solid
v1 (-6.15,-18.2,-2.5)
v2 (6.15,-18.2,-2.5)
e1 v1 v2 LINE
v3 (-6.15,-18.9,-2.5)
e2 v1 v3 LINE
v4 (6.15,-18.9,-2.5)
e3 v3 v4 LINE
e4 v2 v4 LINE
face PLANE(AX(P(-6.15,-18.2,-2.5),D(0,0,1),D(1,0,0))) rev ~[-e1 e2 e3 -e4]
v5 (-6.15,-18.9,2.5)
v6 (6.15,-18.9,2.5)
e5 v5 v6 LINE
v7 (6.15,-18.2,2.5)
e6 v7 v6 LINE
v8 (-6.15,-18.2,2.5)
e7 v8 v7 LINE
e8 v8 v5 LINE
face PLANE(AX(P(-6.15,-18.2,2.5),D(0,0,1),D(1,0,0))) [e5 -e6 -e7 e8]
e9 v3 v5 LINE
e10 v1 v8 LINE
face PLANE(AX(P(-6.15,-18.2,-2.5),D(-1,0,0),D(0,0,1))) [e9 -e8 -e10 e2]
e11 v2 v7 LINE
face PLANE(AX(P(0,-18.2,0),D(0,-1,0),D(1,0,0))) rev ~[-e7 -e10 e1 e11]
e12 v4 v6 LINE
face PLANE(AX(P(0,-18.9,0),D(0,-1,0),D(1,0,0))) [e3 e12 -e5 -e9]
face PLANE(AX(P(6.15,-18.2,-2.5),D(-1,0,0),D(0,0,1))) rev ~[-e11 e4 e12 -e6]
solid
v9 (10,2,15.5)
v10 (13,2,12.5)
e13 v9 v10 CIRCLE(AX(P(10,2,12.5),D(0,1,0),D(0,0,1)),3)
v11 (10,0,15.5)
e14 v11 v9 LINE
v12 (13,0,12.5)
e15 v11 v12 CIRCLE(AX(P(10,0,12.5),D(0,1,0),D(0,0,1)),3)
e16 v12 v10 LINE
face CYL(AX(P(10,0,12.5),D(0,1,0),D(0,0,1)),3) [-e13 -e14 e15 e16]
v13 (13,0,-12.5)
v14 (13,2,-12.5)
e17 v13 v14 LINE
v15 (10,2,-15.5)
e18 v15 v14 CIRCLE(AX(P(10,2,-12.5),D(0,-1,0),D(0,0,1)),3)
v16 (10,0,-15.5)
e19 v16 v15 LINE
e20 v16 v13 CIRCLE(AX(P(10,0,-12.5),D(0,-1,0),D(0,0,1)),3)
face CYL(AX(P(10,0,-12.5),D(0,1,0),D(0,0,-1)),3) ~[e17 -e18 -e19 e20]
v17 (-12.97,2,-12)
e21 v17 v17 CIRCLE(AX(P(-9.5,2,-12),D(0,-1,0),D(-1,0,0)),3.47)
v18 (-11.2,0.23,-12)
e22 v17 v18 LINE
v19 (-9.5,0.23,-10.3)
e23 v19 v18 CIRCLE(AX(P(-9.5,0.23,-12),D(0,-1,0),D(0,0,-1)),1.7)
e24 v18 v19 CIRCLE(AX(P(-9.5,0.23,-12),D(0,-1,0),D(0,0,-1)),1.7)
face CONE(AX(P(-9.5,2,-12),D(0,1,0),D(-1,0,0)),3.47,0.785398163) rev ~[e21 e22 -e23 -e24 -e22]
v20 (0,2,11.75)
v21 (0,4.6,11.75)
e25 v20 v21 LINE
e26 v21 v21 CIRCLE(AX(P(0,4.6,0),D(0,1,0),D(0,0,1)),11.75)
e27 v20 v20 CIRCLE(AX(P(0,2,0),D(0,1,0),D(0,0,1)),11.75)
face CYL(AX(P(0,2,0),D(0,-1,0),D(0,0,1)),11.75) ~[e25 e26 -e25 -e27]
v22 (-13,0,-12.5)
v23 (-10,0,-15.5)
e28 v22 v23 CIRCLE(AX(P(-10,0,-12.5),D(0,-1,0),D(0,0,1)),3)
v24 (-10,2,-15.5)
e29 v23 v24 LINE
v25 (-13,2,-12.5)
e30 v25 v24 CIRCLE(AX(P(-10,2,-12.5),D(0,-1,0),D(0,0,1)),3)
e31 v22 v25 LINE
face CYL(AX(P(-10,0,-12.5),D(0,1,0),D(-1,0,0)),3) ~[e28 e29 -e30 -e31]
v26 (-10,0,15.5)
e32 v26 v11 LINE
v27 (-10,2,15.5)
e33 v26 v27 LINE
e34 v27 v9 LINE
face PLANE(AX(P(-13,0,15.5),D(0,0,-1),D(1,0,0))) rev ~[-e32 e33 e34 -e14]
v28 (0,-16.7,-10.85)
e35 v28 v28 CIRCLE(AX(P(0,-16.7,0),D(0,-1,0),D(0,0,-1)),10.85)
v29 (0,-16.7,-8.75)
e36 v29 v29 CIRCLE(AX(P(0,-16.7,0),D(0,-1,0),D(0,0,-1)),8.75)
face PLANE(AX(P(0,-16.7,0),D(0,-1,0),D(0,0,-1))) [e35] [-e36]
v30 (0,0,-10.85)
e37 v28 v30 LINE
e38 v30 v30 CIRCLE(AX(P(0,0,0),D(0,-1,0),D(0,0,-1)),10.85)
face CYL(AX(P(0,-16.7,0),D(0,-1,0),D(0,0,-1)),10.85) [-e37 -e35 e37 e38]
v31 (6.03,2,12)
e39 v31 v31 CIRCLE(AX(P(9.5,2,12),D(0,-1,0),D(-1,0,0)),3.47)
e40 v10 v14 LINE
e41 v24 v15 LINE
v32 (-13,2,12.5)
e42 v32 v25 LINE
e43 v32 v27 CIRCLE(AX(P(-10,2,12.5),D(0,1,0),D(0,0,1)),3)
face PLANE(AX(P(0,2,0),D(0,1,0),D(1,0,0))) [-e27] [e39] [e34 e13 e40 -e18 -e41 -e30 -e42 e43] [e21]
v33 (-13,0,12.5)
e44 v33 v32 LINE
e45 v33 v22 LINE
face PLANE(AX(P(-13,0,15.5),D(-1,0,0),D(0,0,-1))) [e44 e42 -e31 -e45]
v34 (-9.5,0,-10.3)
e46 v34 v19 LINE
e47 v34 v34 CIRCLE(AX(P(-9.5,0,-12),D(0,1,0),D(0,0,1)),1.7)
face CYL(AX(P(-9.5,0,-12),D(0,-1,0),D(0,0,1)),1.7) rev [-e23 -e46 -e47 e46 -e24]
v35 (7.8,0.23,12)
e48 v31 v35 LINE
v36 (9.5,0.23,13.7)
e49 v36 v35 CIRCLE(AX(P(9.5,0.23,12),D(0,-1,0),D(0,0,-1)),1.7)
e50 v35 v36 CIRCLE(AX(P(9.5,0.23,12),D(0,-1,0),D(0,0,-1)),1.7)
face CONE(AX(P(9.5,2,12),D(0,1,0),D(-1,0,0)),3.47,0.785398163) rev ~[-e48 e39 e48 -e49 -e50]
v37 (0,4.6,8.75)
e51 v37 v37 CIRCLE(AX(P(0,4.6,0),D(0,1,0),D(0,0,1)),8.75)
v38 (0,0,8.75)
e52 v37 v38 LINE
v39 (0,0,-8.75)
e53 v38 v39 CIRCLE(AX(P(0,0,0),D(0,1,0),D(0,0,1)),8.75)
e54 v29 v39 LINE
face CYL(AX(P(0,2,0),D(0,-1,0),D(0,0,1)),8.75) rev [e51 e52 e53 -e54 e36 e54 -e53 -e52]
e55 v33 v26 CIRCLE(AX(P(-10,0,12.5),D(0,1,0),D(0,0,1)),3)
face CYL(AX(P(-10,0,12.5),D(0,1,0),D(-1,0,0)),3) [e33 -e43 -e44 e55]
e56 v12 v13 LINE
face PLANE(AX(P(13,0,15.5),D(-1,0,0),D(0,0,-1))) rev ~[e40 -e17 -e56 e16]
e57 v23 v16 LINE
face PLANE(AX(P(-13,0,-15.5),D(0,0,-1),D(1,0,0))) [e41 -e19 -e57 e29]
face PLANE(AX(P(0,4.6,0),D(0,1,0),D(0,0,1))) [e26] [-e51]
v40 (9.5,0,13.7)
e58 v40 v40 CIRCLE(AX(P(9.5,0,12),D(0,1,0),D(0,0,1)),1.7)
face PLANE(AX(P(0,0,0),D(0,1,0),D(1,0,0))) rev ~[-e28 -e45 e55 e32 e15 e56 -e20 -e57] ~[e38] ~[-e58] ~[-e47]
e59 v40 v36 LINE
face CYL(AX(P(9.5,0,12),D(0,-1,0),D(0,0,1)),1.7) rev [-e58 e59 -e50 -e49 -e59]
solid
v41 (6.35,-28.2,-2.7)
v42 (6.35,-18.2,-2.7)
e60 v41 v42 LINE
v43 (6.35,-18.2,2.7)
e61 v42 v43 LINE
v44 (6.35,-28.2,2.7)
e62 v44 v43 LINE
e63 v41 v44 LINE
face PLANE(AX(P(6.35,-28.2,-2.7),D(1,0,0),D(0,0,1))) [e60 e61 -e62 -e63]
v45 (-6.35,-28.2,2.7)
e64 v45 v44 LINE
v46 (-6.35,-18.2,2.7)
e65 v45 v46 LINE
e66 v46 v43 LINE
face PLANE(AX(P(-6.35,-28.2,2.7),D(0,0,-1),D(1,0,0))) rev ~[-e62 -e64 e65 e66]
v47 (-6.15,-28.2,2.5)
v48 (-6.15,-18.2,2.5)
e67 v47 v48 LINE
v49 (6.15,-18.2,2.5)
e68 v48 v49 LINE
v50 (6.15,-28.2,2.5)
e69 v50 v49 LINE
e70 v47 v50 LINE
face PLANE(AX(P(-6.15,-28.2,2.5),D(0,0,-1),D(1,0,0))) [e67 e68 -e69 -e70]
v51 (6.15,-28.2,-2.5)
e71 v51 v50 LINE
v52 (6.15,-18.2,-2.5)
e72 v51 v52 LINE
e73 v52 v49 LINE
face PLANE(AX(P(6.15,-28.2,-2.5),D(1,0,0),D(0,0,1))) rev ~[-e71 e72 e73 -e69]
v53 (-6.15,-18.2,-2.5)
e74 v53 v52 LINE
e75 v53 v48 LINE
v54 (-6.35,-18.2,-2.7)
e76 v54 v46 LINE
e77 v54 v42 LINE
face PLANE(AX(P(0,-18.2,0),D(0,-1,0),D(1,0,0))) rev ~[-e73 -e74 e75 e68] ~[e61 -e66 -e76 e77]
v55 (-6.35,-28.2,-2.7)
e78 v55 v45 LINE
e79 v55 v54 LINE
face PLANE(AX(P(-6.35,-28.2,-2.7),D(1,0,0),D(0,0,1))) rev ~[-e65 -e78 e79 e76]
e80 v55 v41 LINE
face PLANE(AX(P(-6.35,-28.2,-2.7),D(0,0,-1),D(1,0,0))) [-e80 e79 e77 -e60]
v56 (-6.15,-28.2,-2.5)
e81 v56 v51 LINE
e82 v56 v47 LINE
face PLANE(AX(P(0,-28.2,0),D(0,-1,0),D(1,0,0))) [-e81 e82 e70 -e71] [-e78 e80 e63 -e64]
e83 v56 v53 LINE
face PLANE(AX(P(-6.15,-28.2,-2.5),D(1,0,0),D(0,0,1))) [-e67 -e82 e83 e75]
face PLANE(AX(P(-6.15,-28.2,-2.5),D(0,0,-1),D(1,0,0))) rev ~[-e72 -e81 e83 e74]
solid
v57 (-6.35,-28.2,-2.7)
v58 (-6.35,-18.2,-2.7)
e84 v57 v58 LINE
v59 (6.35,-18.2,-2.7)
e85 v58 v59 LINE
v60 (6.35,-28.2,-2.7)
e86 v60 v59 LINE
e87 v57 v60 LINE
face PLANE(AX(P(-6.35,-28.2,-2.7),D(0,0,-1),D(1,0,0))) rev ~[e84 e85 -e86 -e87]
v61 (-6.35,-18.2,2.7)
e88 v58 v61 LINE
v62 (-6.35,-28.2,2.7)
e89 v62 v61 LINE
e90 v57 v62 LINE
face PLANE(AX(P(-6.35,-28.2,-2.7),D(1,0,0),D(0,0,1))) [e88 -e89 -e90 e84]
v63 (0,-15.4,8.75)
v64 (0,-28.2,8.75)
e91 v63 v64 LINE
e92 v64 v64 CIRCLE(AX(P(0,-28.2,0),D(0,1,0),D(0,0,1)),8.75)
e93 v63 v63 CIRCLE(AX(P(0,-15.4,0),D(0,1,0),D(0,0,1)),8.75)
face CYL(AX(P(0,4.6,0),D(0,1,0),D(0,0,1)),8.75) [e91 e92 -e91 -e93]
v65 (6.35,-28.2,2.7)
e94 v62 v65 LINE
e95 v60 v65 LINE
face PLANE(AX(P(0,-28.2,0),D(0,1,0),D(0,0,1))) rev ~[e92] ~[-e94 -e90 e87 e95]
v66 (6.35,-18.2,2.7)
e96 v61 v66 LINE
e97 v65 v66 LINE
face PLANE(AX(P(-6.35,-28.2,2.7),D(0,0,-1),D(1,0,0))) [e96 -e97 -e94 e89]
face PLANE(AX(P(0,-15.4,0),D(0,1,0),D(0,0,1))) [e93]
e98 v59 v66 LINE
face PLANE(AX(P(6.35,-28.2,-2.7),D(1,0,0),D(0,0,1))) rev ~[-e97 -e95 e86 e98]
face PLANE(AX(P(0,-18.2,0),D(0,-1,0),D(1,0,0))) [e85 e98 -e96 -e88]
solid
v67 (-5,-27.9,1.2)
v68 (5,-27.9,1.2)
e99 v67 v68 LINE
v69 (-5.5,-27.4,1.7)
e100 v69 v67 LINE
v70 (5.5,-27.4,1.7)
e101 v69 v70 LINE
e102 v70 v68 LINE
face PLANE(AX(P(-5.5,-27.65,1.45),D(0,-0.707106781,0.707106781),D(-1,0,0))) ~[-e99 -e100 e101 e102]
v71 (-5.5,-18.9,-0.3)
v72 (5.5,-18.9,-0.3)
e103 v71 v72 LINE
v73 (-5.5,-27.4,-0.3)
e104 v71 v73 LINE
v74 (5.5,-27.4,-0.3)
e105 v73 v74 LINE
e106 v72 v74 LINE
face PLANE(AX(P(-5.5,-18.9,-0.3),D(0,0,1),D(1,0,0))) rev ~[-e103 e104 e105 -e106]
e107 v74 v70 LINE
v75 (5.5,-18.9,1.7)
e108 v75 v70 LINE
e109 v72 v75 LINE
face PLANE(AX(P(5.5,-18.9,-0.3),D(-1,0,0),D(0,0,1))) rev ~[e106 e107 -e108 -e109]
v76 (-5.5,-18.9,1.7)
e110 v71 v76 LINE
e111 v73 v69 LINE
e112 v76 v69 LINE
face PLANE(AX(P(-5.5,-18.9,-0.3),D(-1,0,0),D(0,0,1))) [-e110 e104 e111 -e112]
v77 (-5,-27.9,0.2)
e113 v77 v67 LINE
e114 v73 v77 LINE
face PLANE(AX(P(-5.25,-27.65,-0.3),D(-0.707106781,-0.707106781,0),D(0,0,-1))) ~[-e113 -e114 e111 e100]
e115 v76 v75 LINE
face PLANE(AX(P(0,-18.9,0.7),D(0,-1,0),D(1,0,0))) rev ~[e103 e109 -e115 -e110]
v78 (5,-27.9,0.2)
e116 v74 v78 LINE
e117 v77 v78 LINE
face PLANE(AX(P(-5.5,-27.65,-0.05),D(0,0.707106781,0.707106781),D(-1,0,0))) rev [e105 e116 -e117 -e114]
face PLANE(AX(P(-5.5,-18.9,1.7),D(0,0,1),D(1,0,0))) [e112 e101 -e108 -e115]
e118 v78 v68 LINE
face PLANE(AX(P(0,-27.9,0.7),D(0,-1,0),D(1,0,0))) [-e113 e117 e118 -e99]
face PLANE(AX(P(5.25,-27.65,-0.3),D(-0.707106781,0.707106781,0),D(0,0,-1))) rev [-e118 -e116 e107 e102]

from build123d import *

# Parameters (mm, degrees)
CROQUIS1_W                                           = 26
CROQUIS1_H                                           = 31
CROQUIS1_R                                           = 8.75
CROQUIS1_R_2                                         = 1.7
SALIENTE_EXTRUIR1_DEPTH                              = 2
REDONDEO1_R                                          = 3
CROQUIS2_R                                           = 11.75
CROQUIS2_R_2                                         = 8.75
SALIENTE_EXTRUIR2_DEPTH                              = 2.6
SALIENTE_EXTRUIR3_START                              = 16.7
CROQUIS3_R                                           = 10.85
CROQUIS3_R_2                                         = 8.75
SALIENTE_EXTRUIR3_DEPTH                              = 16.7
AVELLANADO_PARA_TORNILLOS_CON_CABEZA_AVE_D           = 3.4
AVELLANADO_PARA_TORNILLOS_CON_CABEZA_AVE_DEPTH       = 15
AVELLANADO_PARA_TORNILLOS_CON_CABEZA_AVE_CSINK_D     = 6.94
AVELLANADO_PARA_TORNILLOS_CON_CABEZA_AVE_CSINK_ANGLE = 90
AVELLANADO_PARA_TORNILLOS_CON_CABEZA_AVE_TIP         = 1.021463052
CROQUIS6_R                                           = 8.75
SALIENTE_EXTRUIR4_DEPTH                              = 32.8
CROQUIS7_W                                           = 12.7
CROQUIS7_H                                           = 5.4
CORTAR_EXTRUIR1_DEPTH                                = 10
CROQUIS8_W                                           = 12.7
CROQUIS8_H                                           = 5.4
CORTAR_EXTRUIR2_DEPTH                                = 10
CROQUIS9_W                                           = 12.7
CROQUIS9_H                                           = 5.4
CROQUIS9_W_2                                         = 12.3
CROQUIS9_H_2                                         = 5
SALIENTE_EXTRUIR5_DEPTH                              = 10
CROQUIS10_W                                          = 12.7
CROQUIS10_H                                          = 5.4
CROQUIS10_W_2                                        = 12.3
CROQUIS10_H_2                                        = 5
SALIENTE_EXTRUIR6_DEPTH                              = 10
CROQUIS11_W                                          = 12.3
CROQUIS11_H                                          = 5
SALIENTE_EXTRUIR7_DEPTH                              = 0.7
CROQUIS12_W                                          = 12.3
CROQUIS12_H                                          = 5
SALIENTE_EXTRUIR8_DEPTH                              = 0.7
CROQUIS13_W                                          = 11
CROQUIS13_H                                          = 2
SALIENTE_EXTRUIR9_DEPTH                              = 9
CROQUIS14_W                                          = 11
CROQUIS14_H                                          = 2
SALIENTE_EXTRUIR10_DEPTH                             = 9
CHAFL_N1_SIZE                                        = 0.5
CHAFL_N2_SIZE                                        = 0.5
CUT_EXTRUDE1_START                                   = -20
SKETCH1_R                                            = 8.75
CUT_EXTRUDE1_DEPTH                                   = 20


with BuildPart() as part:
    # Croquis1 → Saliente-Extruir1 (new body)
    with BuildSketch(Plane(origin=(0, 0, 0), x_dir=(1, 0, 0), z_dir=(0, 1, 0))):
        Rectangle(CROQUIS1_W, CROQUIS1_H)
        with Locations(Location((0, 0, 0), (0, 0, 270))):
            Circle(CROQUIS1_R, mode=Mode.SUBTRACT)
        with Locations(Location((-9.5, 12, 0), (0, 0, 270))):
            Circle(CROQUIS1_R_2, mode=Mode.SUBTRACT)
        with Locations(Location((9.5, -12, 0), (0, 0, 270))):
            Circle(CROQUIS1_R_2, mode=Mode.SUBTRACT)
    extrude(amount=SALIENTE_EXTRUIR1_DEPTH)

    # Redondeo1
    redondeo1_edges = [part.edges().sort_by_distance(p)[0] for p in [
        (13, 1, 15.5),
        (-13, 1, 15.5),
        (-13, 1, -15.5),
        (13, 1, -15.5),
    ]]
    fillet(redondeo1_edges, radius=REDONDEO1_R)

    # Croquis2 → Saliente-Extruir2 (add)
    with BuildSketch(Plane(origin=(0, 2, 0), x_dir=(1, 0, 0), z_dir=(0, 1, 0))):
        with Locations(Location((0, 0, 0), (0, 0, 270))):
            Circle(CROQUIS2_R)
        with Locations(Location((0, 0, 0), (0, 0, 270))):
            Circle(CROQUIS2_R_2, mode=Mode.SUBTRACT)
    extrude(amount=SALIENTE_EXTRUIR2_DEPTH)

    # Croquis3 → Saliente-Extruir3 (add)
    with BuildSketch(Plane.XZ.offset(SALIENTE_EXTRUIR3_START)):
        with Locations(Location((0, 0, 0), (0, 0, 270))):
            Circle(CROQUIS3_R)
        with Locations(Location((0, 0, 0), (0, 0, 270))):
            Circle(CROQUIS3_R_2, mode=Mode.SUBTRACT)
    extrude(amount=-SALIENTE_EXTRUIR3_DEPTH)

    # Avellanado para tornillos con cabeza avellanada de clavija de M31
    with Locations(Plane(origin=(0, 2, 0), x_dir=(1, 0, 0), z_dir=(0, 1, 0))):
        with Locations((9.5, -12), (-9.5, 12)):
            CounterSinkHole(AVELLANADO_PARA_TORNILLOS_CON_CABEZA_AVE_D / 2, AVELLANADO_PARA_TORNILLOS_CON_CABEZA_AVE_CSINK_D / 2, depth=AVELLANADO_PARA_TORNILLOS_CON_CABEZA_AVE_DEPTH, counter_sink_angle=AVELLANADO_PARA_TORNILLOS_CON_CABEZA_AVE_CSINK_ANGLE)
            with Locations((0, 0, -(AVELLANADO_PARA_TORNILLOS_CON_CABEZA_AVE_DEPTH + AVELLANADO_PARA_TORNILLOS_CON_CABEZA_AVE_TIP / 2))):  # 118° drill point
                Cone(0, AVELLANADO_PARA_TORNILLOS_CON_CABEZA_AVE_D / 2, AVELLANADO_PARA_TORNILLOS_CON_CABEZA_AVE_TIP, mode=Mode.SUBTRACT)


with BuildPart() as body_2:
    # Croquis6 → Saliente-Extruir4 (new body)
    with BuildSketch(Plane(origin=(0, 4.6, 0), x_dir=(1, 0, 0), z_dir=(0, 1, 0))):
        with Locations(Location((0, 0, 0), (0, 0, 270))):
            Circle(CROQUIS6_R)
    extrude(amount=-SALIENTE_EXTRUIR4_DEPTH)

    # Croquis7 → Cortar-Extruir1 (cut)
    with BuildSketch(Plane(origin=(0, 4.6, 0), x_dir=(1, 0, 0), z_dir=(0, 1, 0))):
        Rectangle(CROQUIS7_W, CROQUIS7_H)
    extrude(amount=-CORTAR_EXTRUIR1_DEPTH, mode=Mode.SUBTRACT)

    # Croquis8 → Cortar-Extruir2 (cut)
    with BuildSketch(Plane.XZ.offset(28.2)):
        Rectangle(CROQUIS8_W, CROQUIS8_H)
    extrude(amount=-CORTAR_EXTRUIR2_DEPTH, mode=Mode.SUBTRACT)


with BuildPart() as body_3:
    # Croquis9 → Saliente-Extruir5 (new body)
    with BuildSketch(Plane.XZ.offset(28.2)):
        Rectangle(CROQUIS9_W, CROQUIS9_H)
        Rectangle(CROQUIS9_W_2, CROQUIS9_H_2, mode=Mode.SUBTRACT)
    extrude(amount=-SALIENTE_EXTRUIR5_DEPTH)


with BuildPart() as body_4:
    # Croquis10 → Saliente-Extruir6 (new body)
    with BuildSketch(Plane(origin=(0, 4.6, 0), x_dir=(1, 0, 0), z_dir=(0, 1, 0))):
        Rectangle(CROQUIS10_W, CROQUIS10_H)
        Rectangle(CROQUIS10_W_2, CROQUIS10_H_2, mode=Mode.SUBTRACT)
    extrude(amount=-SALIENTE_EXTRUIR6_DEPTH)


with BuildPart() as body_5:
    # Croquis11 → Saliente-Extruir7 (new body)
    with BuildSketch(Plane(origin=(0, -5.4, 0), x_dir=(1, 0, 0), z_dir=(0, 1, 0))):
        Rectangle(CROQUIS11_W, CROQUIS11_H)
    extrude(amount=SALIENTE_EXTRUIR7_DEPTH)


with BuildPart() as body_6:
    # Croquis12 → Saliente-Extruir8 (new body)
    with BuildSketch(Plane.XZ.offset(18.2)):
        Rectangle(CROQUIS12_W, CROQUIS12_H)
    extrude(amount=SALIENTE_EXTRUIR8_DEPTH)


with BuildPart() as body_7:
    # Croquis13 → Saliente-Extruir9 (new body)
    with BuildSketch(Plane(origin=(0, -4.7, 0), x_dir=(1, 0, 0), z_dir=(0, 1, 0))):
        with Locations((0, -0.7)):
            Rectangle(CROQUIS13_W, CROQUIS13_H)
    extrude(amount=SALIENTE_EXTRUIR9_DEPTH)

    # Chaflán1
    chafl_n1_edges = [body_7.edges().sort_by_distance(p)[0] for p in [
        (-5.5, 4.3, 0.7),
        (0, 4.3, 1.7),
        (5.5, 4.3, 0.7),
        (0, 4.3, -0.3),
    ]]
    chamfer(chafl_n1_edges, length=CHAFL_N1_SIZE)


with BuildPart() as body_8:
    # Croquis14 → Saliente-Extruir10 (new body)
    with BuildSketch(Plane.XZ.offset(18.9)):
        with Locations((0, 0.7)):
            Rectangle(CROQUIS14_W, CROQUIS14_H)
    extrude(amount=SALIENTE_EXTRUIR10_DEPTH)

    # Chaflán2
    chafl_n2_edges = [body_8.edges().sort_by_distance(p)[0] for p in [
        (0, -27.9, -0.3),
        (5.5, -27.9, 0.7),
        (0, -27.9, 1.7),
        (-5.5, -27.9, 0.7),
    ]]
    chamfer(chafl_n2_edges, length=CHAFL_N2_SIZE)


with BuildPart() as cut_extrude1_tool:
    # Sketch1 → Cut-Extrude1 (new body)
    with BuildSketch(Plane(origin=(0, 4.6, 0), x_dir=(1, 0, 0), z_dir=(0, 1, 0)).offset(CUT_EXTRUDE1_START)):
        with Locations(Location((0, 0, 0), (0, 0, 270))):
            Circle(SKETCH1_R)
    extrude(amount=CUT_EXTRUDE1_DEPTH)


with BuildPart() as body_2_1:
    add(body_2.part)

    # Cut-Extrude1: cut by cut_extrude1_tool
    add(cut_extrude1_tool.part, mode=Mode.SUBTRACT)


with BuildPart() as body_4_1:
    add(body_4.part)

    # Cut-Extrude1: cut by cut_extrude1_tool
    add(cut_extrude1_tool.part, mode=Mode.SUBTRACT)


with BuildPart() as body_5_1:
    add(body_5.part)

    # Cut-Extrude1: cut by cut_extrude1_tool
    add(cut_extrude1_tool.part, mode=Mode.SUBTRACT)


with BuildPart() as body_7_1:
    add(body_7.part)

    # Cut-Extrude1: cut by cut_extrude1_tool
    add(cut_extrude1_tool.part, mode=Mode.SUBTRACT)


solid = Compound([part.part, body_3.part, body_6.part, body_8.part, body_2_1.part])
